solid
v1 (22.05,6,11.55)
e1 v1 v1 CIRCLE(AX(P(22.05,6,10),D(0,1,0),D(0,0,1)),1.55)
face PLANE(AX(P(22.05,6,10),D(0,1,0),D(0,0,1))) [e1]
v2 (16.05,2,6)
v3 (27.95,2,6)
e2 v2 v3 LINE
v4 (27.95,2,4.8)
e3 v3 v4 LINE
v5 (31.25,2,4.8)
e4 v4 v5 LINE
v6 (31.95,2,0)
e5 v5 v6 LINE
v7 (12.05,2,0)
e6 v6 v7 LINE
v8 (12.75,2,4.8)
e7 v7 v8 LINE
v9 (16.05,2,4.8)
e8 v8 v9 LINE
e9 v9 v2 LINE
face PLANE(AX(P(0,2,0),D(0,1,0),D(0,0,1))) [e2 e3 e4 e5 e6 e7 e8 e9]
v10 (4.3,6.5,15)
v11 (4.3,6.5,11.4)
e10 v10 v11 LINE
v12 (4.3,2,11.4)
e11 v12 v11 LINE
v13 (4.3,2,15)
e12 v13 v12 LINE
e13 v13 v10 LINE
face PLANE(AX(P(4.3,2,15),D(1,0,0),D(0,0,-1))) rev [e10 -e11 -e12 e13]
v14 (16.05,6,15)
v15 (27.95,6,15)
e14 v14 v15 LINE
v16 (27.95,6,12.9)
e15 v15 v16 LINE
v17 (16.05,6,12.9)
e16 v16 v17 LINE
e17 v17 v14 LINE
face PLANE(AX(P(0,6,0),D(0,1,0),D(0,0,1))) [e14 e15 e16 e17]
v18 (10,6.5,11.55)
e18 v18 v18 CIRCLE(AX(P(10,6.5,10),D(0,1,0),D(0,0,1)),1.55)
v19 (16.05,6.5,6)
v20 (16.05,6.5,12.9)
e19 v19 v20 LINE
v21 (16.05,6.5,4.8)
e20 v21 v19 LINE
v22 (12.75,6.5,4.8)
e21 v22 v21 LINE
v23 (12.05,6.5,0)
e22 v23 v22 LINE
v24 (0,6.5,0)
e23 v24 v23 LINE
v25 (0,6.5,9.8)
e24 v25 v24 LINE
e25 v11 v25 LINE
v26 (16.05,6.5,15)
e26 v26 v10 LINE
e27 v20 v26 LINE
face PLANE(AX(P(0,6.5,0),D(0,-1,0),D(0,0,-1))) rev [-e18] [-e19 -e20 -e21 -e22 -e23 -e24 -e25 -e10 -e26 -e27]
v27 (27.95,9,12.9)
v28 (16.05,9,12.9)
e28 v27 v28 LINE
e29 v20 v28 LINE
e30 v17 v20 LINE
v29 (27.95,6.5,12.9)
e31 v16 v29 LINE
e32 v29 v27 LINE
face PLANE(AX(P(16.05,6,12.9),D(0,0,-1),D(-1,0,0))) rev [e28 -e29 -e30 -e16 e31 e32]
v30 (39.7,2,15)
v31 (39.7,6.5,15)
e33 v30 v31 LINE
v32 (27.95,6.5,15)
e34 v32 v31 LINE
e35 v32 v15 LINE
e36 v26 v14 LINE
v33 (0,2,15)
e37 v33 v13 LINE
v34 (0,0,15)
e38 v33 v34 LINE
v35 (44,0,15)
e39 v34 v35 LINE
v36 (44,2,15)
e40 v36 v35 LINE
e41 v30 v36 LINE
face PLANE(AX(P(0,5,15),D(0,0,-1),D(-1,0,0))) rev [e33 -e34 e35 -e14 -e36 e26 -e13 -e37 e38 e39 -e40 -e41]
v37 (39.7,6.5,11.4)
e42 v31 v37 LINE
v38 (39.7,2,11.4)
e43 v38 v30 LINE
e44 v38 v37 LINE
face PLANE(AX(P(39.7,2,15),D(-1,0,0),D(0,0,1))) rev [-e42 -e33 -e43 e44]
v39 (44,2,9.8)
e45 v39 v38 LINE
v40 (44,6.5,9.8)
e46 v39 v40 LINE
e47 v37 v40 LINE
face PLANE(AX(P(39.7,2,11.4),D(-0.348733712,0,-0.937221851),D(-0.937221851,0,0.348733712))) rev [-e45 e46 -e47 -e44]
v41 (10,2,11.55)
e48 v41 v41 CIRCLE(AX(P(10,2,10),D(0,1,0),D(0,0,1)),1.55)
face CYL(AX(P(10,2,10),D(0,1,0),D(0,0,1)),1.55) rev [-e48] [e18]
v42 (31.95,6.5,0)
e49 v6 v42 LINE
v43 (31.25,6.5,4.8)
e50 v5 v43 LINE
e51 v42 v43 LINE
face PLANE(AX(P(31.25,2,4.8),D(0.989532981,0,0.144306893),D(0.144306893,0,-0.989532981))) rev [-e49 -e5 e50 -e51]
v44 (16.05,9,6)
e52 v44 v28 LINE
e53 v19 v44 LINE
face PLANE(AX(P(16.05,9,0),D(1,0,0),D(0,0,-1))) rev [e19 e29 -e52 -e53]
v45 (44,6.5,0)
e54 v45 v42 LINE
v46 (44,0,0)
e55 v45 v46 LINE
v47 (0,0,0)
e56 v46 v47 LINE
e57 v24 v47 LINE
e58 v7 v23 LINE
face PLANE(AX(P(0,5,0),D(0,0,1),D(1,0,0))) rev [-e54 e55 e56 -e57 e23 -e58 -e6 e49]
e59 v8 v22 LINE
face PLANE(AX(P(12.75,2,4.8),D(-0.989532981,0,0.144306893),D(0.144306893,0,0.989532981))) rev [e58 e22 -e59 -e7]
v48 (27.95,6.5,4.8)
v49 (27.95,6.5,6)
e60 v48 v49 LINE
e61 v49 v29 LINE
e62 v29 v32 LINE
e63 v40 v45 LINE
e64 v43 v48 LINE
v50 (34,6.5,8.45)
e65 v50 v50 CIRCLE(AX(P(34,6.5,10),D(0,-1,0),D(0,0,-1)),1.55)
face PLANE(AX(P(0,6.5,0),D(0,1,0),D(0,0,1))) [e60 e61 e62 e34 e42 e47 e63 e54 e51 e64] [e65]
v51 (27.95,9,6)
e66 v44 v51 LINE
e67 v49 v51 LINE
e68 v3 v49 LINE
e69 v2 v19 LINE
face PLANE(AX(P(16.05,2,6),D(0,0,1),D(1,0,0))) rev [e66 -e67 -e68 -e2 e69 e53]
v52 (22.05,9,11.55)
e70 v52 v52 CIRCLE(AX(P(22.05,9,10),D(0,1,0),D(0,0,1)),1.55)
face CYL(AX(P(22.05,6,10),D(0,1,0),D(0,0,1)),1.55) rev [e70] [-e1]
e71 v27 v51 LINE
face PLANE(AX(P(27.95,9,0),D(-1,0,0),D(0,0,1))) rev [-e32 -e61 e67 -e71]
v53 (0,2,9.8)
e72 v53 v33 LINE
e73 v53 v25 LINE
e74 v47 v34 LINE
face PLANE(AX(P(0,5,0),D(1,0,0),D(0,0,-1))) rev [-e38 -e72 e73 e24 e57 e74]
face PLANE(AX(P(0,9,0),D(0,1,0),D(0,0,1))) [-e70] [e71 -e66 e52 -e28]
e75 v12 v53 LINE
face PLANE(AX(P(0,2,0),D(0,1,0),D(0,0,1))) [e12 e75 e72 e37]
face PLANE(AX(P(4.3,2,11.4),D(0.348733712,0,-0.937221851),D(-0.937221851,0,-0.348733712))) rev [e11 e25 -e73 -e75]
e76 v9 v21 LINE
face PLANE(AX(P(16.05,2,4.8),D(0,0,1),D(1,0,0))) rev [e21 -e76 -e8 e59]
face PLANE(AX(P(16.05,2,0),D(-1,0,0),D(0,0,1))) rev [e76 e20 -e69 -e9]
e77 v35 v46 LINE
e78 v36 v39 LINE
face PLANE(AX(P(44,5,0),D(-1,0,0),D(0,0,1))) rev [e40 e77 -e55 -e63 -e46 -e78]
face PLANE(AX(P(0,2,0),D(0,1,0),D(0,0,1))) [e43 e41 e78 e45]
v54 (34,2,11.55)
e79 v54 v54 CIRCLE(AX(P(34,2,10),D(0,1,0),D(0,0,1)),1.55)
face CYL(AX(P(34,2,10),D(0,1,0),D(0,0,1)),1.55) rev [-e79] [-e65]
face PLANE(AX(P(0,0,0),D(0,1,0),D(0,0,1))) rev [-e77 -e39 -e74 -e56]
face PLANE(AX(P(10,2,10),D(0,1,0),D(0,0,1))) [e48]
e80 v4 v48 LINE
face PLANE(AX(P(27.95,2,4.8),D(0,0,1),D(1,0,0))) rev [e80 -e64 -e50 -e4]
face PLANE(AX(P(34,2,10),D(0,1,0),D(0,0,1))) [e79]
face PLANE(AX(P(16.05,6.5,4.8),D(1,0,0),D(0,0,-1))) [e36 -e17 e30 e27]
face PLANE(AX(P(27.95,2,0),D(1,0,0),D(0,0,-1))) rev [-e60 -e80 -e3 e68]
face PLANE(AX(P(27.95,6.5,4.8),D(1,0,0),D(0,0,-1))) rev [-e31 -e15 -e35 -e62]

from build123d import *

# Parameters (mm, degrees)
SKETCH1_W           = 44
SKETCH1_H           = 15
BOSS_EXTRUDE1_DEPTH = 5
SKETCH2_W           = 11.9
SKETCH2_H           = 15
BOSS_EXTRUDE2_DEPTH = 4
SKETCH3_R           = 1.55
CUT_EXTRUDE1_DEPTH  = 3
SKETCH4_R           = 1.55
CUT_EXTRUDE2_DEPTH  = 3
CUT_EXTRUDE3_DEPTH  = 3
SKETCH7_W           = 11.9
SKETCH7_H           = 6
CUT_EXTRUDE4_DEPTH  = 7
SKETCH8_W           = 11.9
SKETCH8_H           = 2.1
CUT_EXTRUDE5_DEPTH  = 3
SKETCH9_R           = 1.55
BOSS_EXTRUDE4_DEPTH = 1.5


with BuildPart() as part:
    # Sketch1 → Boss-Extrude1 (new body)
    with BuildSketch(Plane(origin=(0, 0, 0), x_dir=(1, 0, 0), z_dir=(0, 1, 0))):
        with Locations((22, -7.5)):
            Rectangle(SKETCH1_W, SKETCH1_H)
    extrude(amount=BOSS_EXTRUDE1_DEPTH)

    # Sketch2 → Boss-Extrude2 (add)
    with BuildSketch(Plane(origin=(0, 5, 0), x_dir=(1, 0, 0), z_dir=(0, 1, 0))):
        with Locations((22, -7.5)):
            Rectangle(SKETCH2_W, SKETCH2_H)
    extrude(amount=BOSS_EXTRUDE2_DEPTH)

    # Sketch3 → Cut-Extrude1 (cut)
    with BuildSketch(Plane(origin=(0, 5, 0), x_dir=(1, 0, 0), z_dir=(0, 1, 0))):
        with Locations((10, -10)):
            Circle(SKETCH3_R)
        with Locations((34, -10)):
            Circle(SKETCH3_R)
    extrude(amount=-CUT_EXTRUDE1_DEPTH, mode=Mode.SUBTRACT)

    # Sketch4 → Cut-Extrude2 (cut)
    with BuildSketch(Plane(origin=(0, 9, 0), x_dir=(1, 0, 0), z_dir=(0, 1, 0))):
        with Locations((22.05, -10)):
            Circle(SKETCH4_R)
    extrude(amount=-CUT_EXTRUDE2_DEPTH, mode=Mode.SUBTRACT)

    # Sketch6 → Cut-Extrude3 (cut)
    with BuildSketch(Plane(origin=(0, 5, 0), x_dir=(1, 0, 0), z_dir=(0, 1, 0))):
        Polygon((16.05, -4.8), (12.75, -4.8), (12.05, 0), (16.05, 0), align=None)
        Polygon((0, -15), (4.3, -15), (4.3, -11.4), (0, -9.8), align=None)
        Polygon((39.7, -11.4), (44, -9.8), (44, -15), (39.7, -15), align=None)
        Polygon((31.95, 0), (27.95, 0), (27.95, -4.8), (31.25, -4.8), align=None)
    extrude(amount=-CUT_EXTRUDE3_DEPTH, mode=Mode.SUBTRACT)

    # Sketch7 → Cut-Extrude4 (cut)
    with BuildSketch(Plane(origin=(0, 9, 0), x_dir=(1, 0, 0), z_dir=(0, 1, 0))):
        with Locations((22, -3)):
            Rectangle(SKETCH7_W, SKETCH7_H)
    extrude(amount=-CUT_EXTRUDE4_DEPTH, mode=Mode.SUBTRACT)

    # Sketch8 → Cut-Extrude5 (cut)
    with BuildSketch(Plane(origin=(0, 9, 0), x_dir=(1, 0, 0), z_dir=(0, 1, 0))):
        with Locations((22, -13.95)):
            Rectangle(SKETCH8_W, SKETCH8_H)
    extrude(amount=-CUT_EXTRUDE5_DEPTH, mode=Mode.SUBTRACT)

    # Sketch9 → Boss-Extrude4 (add)
    with BuildSketch(Plane(origin=(0, 5, 0), x_dir=(1, 0, 0), z_dir=(0, 1, 0))):
        Polygon((0, 0), (12.05, 0), (12.75, -4.8), (16.05, -4.8), (16.05, -15), (4.3, -15), (4.3, -11.4), (0, -9.8), align=None)
        with Locations((10, -10)):
            Circle(SKETCH9_R, mode=Mode.SUBTRACT)
        Polygon((39.7, -11.4), (44, -9.8), (44, 0), (31.95, 0), (31.25, -4.8), (27.95, -4.8), (27.95, -15), (39.7, -15), align=None)
        with Locations((34, -10)):
            Circle(SKETCH9_R, mode=Mode.SUBTRACT)
    extrude(amount=BOSS_EXTRUDE4_DEPTH)


solid = part.part
